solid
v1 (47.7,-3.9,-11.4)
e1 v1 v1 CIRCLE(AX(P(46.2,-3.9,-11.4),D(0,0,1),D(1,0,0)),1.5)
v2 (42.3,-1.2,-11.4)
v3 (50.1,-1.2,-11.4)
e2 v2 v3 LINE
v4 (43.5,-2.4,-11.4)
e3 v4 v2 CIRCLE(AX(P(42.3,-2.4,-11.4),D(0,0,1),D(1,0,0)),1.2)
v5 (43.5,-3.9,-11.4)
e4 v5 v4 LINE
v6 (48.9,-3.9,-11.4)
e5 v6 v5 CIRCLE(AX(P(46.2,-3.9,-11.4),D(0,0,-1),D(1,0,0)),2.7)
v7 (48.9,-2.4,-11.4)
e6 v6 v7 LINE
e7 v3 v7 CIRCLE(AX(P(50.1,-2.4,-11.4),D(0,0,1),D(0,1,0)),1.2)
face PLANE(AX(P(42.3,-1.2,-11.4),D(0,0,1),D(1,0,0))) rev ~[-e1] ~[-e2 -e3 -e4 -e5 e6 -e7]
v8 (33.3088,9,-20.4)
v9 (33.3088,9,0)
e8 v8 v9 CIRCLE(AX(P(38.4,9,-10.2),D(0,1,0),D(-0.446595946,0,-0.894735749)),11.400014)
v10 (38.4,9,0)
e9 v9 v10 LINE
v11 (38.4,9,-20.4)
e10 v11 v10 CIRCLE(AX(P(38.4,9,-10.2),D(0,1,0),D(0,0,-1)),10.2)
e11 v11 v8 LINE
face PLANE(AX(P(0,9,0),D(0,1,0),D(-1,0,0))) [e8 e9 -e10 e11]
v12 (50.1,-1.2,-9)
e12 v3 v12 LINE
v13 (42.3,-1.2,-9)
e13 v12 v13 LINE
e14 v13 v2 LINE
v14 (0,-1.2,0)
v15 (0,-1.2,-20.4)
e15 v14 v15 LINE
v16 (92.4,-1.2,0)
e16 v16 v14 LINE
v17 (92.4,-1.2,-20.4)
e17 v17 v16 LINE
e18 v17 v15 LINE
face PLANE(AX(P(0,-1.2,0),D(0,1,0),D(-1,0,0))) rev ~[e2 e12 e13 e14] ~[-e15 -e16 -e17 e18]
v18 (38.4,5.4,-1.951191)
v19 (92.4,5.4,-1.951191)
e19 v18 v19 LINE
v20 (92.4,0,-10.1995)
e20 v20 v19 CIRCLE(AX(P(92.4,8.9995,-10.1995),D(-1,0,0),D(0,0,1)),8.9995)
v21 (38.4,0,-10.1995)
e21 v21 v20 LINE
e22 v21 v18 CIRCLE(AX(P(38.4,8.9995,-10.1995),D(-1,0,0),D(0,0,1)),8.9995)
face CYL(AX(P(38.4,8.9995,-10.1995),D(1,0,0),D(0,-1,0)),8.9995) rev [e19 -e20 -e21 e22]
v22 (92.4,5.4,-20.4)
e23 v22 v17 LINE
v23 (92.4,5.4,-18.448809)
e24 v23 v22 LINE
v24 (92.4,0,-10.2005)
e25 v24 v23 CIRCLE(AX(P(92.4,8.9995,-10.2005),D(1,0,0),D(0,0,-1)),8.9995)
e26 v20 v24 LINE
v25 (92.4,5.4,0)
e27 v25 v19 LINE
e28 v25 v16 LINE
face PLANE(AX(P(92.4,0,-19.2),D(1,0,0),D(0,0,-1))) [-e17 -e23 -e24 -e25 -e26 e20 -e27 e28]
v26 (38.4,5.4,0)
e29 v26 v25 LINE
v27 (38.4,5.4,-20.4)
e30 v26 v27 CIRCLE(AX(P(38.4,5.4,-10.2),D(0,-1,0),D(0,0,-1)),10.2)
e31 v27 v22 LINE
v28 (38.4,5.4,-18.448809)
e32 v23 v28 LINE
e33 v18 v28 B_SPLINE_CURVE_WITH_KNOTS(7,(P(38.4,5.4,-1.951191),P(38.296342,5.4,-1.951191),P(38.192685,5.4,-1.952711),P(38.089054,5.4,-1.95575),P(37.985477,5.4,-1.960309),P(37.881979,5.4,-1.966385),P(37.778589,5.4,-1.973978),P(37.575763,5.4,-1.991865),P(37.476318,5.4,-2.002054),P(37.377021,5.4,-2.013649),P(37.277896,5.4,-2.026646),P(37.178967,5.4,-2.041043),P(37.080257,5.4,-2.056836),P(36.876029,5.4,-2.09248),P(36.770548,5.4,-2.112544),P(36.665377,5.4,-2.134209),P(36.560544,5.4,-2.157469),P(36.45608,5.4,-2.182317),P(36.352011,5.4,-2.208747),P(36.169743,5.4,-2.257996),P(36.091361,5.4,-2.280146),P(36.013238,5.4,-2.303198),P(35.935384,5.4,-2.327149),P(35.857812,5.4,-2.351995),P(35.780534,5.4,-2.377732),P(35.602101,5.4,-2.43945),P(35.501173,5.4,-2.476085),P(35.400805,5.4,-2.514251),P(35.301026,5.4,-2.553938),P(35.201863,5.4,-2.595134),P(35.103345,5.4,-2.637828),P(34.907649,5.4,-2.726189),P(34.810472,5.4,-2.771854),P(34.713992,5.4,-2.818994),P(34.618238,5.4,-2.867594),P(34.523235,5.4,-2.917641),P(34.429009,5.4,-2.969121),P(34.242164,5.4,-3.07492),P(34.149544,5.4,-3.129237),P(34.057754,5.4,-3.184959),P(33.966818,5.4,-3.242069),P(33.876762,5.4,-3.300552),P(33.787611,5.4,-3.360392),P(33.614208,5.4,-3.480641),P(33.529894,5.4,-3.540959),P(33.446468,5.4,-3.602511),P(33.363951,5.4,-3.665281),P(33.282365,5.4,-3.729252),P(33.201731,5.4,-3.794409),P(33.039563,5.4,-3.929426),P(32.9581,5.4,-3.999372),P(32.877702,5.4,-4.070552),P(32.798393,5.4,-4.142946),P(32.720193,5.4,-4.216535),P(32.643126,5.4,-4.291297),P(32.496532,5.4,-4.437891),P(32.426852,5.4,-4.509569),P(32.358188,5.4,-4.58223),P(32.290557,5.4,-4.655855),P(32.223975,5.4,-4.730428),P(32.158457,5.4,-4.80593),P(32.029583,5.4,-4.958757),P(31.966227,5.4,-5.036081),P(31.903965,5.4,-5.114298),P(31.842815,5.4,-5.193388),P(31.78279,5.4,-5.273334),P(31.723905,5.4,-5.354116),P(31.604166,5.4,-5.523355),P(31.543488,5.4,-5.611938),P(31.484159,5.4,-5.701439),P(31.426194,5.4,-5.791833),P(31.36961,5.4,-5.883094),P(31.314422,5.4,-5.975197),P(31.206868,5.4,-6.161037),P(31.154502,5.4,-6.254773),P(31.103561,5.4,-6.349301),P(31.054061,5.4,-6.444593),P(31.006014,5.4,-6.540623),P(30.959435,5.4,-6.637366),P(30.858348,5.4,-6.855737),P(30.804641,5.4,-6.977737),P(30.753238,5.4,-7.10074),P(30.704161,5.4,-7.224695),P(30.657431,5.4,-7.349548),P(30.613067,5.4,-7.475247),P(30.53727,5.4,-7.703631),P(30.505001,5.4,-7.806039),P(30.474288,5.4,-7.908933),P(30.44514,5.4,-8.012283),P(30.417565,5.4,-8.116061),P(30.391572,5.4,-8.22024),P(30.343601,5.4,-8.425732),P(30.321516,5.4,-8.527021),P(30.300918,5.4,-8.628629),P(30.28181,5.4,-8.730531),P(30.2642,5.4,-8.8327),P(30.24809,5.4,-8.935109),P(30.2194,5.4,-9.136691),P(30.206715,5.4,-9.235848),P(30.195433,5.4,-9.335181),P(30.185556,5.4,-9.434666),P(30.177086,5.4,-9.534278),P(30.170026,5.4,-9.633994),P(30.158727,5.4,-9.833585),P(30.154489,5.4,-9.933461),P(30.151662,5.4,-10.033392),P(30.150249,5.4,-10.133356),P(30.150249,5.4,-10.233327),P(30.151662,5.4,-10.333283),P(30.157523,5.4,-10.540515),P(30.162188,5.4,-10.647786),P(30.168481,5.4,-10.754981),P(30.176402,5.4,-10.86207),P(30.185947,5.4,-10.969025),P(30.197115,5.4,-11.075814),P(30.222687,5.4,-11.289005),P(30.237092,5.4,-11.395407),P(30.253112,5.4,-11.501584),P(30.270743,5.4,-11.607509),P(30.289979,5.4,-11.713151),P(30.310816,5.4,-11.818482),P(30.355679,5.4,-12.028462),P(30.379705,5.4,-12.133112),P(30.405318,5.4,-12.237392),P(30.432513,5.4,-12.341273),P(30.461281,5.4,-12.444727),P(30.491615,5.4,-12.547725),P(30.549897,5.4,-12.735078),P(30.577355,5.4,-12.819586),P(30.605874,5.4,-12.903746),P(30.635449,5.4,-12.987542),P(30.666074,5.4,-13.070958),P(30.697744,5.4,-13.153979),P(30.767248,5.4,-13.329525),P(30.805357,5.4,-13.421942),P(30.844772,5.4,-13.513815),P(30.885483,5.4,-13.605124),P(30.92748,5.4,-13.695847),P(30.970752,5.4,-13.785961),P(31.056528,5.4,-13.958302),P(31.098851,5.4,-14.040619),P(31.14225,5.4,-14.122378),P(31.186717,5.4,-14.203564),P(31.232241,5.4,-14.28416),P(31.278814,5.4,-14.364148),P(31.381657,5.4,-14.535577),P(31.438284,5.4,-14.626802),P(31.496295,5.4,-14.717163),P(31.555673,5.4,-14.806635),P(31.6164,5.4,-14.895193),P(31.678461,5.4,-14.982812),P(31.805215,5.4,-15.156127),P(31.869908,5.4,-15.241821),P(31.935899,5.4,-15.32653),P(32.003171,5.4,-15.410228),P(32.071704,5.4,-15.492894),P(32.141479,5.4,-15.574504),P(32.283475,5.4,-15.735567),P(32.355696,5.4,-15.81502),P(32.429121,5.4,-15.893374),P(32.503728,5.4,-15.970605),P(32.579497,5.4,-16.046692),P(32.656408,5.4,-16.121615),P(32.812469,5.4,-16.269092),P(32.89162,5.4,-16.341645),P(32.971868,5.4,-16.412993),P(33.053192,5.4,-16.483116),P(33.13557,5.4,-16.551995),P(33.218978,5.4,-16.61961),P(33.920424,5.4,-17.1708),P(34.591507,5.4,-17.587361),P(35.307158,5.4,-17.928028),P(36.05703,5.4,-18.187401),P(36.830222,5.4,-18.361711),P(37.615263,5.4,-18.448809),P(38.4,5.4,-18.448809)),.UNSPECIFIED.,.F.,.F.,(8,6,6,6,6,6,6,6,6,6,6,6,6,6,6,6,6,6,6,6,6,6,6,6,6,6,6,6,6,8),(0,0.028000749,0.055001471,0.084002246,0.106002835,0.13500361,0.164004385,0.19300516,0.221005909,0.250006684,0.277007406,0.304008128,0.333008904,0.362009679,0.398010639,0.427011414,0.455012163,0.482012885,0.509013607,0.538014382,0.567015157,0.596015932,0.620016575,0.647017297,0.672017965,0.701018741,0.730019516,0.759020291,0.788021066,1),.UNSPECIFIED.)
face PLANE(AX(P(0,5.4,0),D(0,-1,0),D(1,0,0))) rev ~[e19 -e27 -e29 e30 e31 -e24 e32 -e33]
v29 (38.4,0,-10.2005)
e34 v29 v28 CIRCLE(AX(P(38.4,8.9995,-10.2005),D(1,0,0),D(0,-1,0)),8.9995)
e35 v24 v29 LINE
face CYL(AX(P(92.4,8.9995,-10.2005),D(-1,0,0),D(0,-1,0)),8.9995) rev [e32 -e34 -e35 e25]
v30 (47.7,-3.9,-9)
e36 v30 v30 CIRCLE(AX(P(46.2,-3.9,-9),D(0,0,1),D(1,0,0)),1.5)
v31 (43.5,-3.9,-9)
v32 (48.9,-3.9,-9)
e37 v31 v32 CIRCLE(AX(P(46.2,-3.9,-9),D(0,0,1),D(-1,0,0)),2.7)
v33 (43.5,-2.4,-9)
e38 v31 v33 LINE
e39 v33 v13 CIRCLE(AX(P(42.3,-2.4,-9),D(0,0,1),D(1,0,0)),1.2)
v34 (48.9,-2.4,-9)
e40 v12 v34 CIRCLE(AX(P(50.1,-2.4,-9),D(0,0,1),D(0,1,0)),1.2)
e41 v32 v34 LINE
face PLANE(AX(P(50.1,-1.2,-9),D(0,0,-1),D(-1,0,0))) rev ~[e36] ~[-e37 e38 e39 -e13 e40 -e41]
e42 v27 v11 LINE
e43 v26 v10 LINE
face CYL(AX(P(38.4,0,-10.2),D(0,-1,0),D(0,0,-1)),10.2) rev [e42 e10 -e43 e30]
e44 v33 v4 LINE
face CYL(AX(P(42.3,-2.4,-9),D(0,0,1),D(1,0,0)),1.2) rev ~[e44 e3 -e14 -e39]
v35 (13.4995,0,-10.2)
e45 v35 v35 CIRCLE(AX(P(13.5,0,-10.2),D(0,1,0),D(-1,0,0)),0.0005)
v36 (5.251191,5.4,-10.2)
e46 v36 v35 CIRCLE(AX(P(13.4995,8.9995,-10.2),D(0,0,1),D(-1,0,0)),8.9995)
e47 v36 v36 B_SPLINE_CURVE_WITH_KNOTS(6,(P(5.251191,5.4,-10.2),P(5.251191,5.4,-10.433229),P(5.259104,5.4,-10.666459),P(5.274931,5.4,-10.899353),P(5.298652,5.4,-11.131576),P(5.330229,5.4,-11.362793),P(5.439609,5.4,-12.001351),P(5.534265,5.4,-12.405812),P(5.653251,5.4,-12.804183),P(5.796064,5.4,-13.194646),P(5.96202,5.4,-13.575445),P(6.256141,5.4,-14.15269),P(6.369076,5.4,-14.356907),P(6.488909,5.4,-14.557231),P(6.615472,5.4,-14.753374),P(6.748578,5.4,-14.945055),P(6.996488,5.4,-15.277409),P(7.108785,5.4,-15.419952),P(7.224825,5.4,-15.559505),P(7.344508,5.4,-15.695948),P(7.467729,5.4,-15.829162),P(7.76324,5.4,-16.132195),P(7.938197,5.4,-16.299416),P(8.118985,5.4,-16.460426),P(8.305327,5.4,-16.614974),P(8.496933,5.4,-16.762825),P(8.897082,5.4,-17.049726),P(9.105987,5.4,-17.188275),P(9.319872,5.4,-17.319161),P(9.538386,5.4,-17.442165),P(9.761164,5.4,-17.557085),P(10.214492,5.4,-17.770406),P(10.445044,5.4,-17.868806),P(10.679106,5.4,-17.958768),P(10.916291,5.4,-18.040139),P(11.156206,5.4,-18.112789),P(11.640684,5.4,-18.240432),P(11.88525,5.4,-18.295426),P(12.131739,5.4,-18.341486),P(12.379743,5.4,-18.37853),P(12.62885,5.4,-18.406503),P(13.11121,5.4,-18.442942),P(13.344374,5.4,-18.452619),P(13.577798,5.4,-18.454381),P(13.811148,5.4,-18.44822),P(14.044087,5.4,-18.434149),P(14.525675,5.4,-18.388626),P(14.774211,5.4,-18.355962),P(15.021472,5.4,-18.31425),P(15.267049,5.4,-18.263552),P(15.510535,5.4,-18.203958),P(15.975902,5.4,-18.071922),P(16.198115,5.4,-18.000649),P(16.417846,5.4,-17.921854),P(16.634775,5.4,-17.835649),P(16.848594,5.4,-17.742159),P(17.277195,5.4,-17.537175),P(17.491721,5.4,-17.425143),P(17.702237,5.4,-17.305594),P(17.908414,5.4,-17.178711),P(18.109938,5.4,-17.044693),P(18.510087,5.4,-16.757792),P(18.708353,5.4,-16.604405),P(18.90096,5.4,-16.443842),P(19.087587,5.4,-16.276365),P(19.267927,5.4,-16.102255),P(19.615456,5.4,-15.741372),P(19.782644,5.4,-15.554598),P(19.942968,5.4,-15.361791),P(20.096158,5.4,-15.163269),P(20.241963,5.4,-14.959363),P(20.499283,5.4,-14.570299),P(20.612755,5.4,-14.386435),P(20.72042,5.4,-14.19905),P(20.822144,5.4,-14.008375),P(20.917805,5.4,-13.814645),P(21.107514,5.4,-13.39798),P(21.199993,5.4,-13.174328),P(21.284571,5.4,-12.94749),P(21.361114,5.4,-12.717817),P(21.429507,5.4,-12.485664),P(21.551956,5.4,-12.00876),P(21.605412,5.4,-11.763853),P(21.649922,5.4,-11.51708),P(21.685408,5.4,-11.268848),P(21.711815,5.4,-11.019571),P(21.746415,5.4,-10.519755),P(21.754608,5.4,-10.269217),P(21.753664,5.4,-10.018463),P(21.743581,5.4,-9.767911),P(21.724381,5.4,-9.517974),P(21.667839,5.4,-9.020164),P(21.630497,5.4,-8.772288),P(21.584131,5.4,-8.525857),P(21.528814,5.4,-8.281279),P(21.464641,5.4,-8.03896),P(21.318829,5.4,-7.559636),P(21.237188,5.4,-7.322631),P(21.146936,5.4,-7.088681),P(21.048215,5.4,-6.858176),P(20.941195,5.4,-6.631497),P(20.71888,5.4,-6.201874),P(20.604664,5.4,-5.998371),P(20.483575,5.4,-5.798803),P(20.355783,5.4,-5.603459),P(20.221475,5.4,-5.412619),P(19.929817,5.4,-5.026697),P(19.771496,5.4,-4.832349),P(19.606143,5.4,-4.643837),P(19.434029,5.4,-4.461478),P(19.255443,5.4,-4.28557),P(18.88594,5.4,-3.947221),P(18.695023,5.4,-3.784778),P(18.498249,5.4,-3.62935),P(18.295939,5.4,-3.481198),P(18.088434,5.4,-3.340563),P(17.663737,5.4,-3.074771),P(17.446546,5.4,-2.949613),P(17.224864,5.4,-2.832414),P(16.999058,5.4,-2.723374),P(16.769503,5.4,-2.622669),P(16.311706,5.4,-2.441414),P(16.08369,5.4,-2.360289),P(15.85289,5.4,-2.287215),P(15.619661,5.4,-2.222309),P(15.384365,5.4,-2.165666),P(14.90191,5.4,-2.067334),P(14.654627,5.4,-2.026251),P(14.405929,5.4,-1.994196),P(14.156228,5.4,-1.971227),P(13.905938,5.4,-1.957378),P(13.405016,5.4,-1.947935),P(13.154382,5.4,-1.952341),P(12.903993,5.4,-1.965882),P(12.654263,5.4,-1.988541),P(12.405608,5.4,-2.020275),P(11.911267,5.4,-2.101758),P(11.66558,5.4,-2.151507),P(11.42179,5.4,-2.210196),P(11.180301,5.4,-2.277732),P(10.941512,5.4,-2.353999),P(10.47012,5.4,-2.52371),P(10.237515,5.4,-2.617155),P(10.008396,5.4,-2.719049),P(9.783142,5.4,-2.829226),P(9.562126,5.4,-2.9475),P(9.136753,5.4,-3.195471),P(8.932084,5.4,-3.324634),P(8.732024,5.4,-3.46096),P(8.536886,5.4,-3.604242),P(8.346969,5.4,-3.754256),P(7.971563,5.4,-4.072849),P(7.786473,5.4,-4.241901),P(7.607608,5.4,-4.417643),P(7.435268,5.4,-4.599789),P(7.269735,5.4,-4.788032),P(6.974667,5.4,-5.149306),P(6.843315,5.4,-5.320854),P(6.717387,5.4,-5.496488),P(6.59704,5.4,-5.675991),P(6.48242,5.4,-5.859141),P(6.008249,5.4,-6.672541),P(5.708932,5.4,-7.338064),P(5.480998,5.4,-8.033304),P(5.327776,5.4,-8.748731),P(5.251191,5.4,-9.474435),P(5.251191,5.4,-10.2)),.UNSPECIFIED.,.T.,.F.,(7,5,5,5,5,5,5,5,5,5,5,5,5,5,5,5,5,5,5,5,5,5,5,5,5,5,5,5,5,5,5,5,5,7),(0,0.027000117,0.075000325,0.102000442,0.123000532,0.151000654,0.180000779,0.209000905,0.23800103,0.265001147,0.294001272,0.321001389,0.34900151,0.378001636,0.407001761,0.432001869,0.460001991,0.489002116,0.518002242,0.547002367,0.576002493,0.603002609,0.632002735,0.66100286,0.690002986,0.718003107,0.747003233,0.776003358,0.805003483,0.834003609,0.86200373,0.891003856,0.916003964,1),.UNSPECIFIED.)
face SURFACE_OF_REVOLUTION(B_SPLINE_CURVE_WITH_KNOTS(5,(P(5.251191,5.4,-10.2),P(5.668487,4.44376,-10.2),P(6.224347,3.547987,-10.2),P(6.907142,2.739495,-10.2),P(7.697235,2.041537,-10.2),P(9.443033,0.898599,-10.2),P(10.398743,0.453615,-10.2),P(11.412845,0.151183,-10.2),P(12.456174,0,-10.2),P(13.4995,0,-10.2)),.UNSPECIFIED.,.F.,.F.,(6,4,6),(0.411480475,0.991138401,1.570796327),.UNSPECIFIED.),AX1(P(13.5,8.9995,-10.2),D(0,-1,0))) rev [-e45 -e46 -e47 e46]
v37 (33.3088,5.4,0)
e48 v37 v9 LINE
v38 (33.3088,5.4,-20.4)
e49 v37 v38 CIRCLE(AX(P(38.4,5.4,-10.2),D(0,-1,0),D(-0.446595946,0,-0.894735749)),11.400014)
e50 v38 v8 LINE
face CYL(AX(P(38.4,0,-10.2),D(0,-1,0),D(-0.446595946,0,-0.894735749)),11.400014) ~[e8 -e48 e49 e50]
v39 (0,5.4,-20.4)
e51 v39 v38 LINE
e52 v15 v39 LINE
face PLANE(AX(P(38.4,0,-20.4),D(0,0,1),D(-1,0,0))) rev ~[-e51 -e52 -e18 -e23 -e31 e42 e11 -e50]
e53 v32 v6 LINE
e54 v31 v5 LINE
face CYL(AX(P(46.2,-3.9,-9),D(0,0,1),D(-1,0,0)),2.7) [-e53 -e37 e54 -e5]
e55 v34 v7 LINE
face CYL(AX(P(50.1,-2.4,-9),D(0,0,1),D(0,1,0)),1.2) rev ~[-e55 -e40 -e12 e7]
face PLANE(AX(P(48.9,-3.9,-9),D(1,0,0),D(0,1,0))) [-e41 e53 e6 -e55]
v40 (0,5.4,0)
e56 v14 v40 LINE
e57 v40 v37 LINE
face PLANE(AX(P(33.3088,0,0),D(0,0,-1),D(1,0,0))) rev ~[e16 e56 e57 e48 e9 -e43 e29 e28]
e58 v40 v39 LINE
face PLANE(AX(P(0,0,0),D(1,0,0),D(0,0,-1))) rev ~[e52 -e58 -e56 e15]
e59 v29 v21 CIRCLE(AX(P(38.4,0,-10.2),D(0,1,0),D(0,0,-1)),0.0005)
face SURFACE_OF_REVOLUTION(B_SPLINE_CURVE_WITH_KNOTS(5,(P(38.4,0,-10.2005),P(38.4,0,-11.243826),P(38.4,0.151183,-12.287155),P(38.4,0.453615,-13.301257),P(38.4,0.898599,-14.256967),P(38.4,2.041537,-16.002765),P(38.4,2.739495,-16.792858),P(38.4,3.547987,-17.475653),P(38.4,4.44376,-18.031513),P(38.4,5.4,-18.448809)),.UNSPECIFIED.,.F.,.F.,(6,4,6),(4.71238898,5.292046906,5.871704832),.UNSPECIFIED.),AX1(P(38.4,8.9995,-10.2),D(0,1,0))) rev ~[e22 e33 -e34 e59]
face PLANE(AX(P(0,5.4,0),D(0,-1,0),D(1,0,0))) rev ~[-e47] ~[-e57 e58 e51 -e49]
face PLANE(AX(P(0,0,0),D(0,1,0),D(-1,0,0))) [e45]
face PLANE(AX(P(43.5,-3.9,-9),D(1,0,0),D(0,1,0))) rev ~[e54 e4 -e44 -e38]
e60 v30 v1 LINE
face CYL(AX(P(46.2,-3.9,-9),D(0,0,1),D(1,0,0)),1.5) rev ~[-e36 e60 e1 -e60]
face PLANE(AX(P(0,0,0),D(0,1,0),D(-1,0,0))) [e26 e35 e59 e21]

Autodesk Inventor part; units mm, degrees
ref_plane "YZ Plane" through (0, 0, 0) normal (1, 0, 0) x (0, 1, 0)
ref_plane "XZ Plane" through (0, 0, 0) normal (0, 1, 0) x (-1, 0, 0)
ref_plane "XY Plane" through (0, 0, 0) normal (0, 0, 1) x (1, 0, 0)
sketch "Esboço2" plane through (0, 0, 0) normal (0, 1, 0) x (-1, 0, 0)
  line L0 (-33.3088, 0) -> (-92.4, 0)
  line L1 (-92.4, 0) -> (-92.4, -20.4)
  line L2 (-92.4, -20.4) -> (-33.3088, -20.4)
  line L3 (-38.4, -19.2) -> (-92.4, -19.2)
  line L4 (-92.4, -1.2) -> (-38.4, -1.2)
  circle A0 centre (-38.4, -10.2) radius 9
  line L5 (-47.4, -20.4) -> (-47.4, -19.2)
  line L6 (-47.4, -1.2) -> (-47.4, 0)
  arc A1 (-33.3088, -20.4) -> (-33.3088, 0) centre (-38.4, -10.2) ccw
  arc A2 (-38.4, -20.4) -> (-38.4, 0) centre (-38.4, -10.2) ccw
  line L7 (-33.3088, 0) -> (0, 0)
  line L8 (0, 0) -> (0, -20.4)
  line L9 (0, -20.4) -> (-33.3088, -20.4)
  circle A3 centre (-13.5, -10.2) radius 9
  point P0 (0, -10.2)
  point P1 (-33.3088, -20.4)
  dimension "d6" = 20.4
  dimension "d8" = 1.2
  dimension "d11" = 1.2
  dimension "d25" = 18
  dimension "d44" = 1.2
  dimension "d45" = 1.2
  dimension "d46" = 54
  dimension "d47" = 27
  dimension "d48" = 18
  dimension "d49" = 13.5
extrude "Extrusão1" add sketch "Esboço2" against normal blind 1.2 contours A1 L2 A2 L0 | L7 L8 L9 A1 | A2 L2 L5 L3 A0 L4 L6 L0 | L6 L4 L1 L0 | L4 A0 L3 L1 | L2 L1 L3 L5 | A0 | A3
extrude "Extrusão2" add sketch "Esboço2" along normal blind 9 contours L7 L8 L9 A1 | A2 L2 L5 L3 A0 L4 L6 L0 | L6 L4 L1 L0 | L2 L1 L3 L5
fillet "Arredondamento6" radius 9 4 edges at (65.4, 0, -1.2) (65.4, 0, -19.2) (29.4, 0, -10.2) (22.5, 0, -10.2)
sketch "Esboço6" plane through (0, -1.2, 0) normal (0, 0, 1) x (1, 0, 0)
  line L0 (92.4, 10.2) -> (0, 10.2)
  line L1 (0, 10.2) -> (0, 6.6)
  line L2 (0, 6.6) -> (92.4, 6.6)
  line L3 (92.4, 6.6) -> (92.4, 10.2)
  line L4 (92.4, 1.2) -> (92.4, 10.2) projected
  line L5 (0, 10.2) -> (0, 0) projected
  line L6 (38.4, 10.2) -> (92.4, 10.2) projected
  line L7 (38.4, 1.2) -> (92.4, 1.2) projected
  point P0 (0, 1.2)
  point P1 (92.4, 8.4)
  point P2 (92.4, 5.7)
  point P3 (0, 8.4)
  point P4 (0, 5.1)
  point P5 (46.2, 10.2)
  point P6 (65.4, 10.2)
  dimension "d50" = 5.4
extrude "Extrusão8" cut sketch "Esboço6" against normal up to surface (20.4 mm away)
extrude "Extrusão9" add sketch "Esboço2" along normal blind 9 contours A1 L2 A2 L0
sketch "Esboço7" plane through (0, -1.2, 0) normal (0, -1, 0) x (1, 0, 0)
  line L0 (42.3, -11.4) -> (50.1, -11.4)
  line L1 (50.1, -11.4) -> (50.1, -9)
  line L2 (50.1, -9) -> (42.3, -9)
  line L3 (42.3, -9) -> (42.3, -11.4)
  line L4 (0, 0) -> (0, -20.4) projected
  arc A0 (38.4, 0) -> (38.4, -20.4) centre (38.4, -10.2) ccw projected
  line L5 (92.4, -20.4) -> (92.4, 0) projected
  point P0 (42.3, -10.2)
  point P1 (0, -10.2)
  point P2 (46.2, -9)
  point P3 (28.2, -10.2)
  dimension "d56" = 7.8
  dimension "d57" = 2.4
  dimension "d76" = 42.3
  dimension "d77" = 42.3
extrude "Extrusão10" add sketch "Esboço7" along normal blind 5.4
sketch "Esboço8" plane through (42.3, -1.2, -9) normal (0, 0, 1) x (1, 0, 0)
  circle A0 centre (3.9, -2.7) radius 1.5
  line L0 (50.1, 0) -> (-42.3, 0) projected
  line L1 (7.8, 0) -> (7.8, -5.4)
  line L2 (0, 0) -> (0, -5.4)
  line L3 (7.8, -5.4) -> (0, -5.4) projected
  line L4 (7.8, -5.4) -> (0, -5.4)
  arc A1 (1.2, -2.7) -> (6.6, -2.7) centre (3.9, -2.7) ccw
  line L5 (1.2, -2.7) -> (1.2, -1.2)
  line L6 (6.6, -2.7) -> (6.6, -1.2)
  line L7 (0, 0) -> (0, 0)
  line L8 (7.8, 0) -> (7.8, 0)
  arc A2 (1.2, -1.2) -> (0, 0) centre (0, -1.2) ccw
  arc A3 (7.8, 0) -> (6.6, -1.2) centre (7.8, -1.2) ccw
  line L9 (0, 0) -> (7.8, 0) projected
  point P0 (-42.3, 1.2)
  point P1 (3.9, 0)
  point P2 (1.2, 0)
  point P3 (6.6, 0)
  point P4 (1.2, 0)
  point P5 (6.6, 0)
  point P6 (3.9, -5.4)
  point P7 (3.9, 0)
  dimension "d60" = 3
  dimension "d61" = 2.7
  dimension "d63" = 1.2
  dimension "d64" = 1.2
extrude "Extrusão11" cut sketch "Esboço8" against normal up to surface (2.4 mm away) contours A0 | L1 L3 A1 L6 A3 | A2 L5 A1 L3 L2
equation "\"d6\" = Diâmetro_esfera + 2 * Margem"
equation "\"d8\" = Margem"
equation "\"d11\" = Margem"
equation "\"d25\" = Diâmetro_esfera"
equation "\"d44\" = Margem"
equation "\"d45\" = Margem"
equation "\"d46\" = 3 * Diâmetro_esfera"
equation "\"d48\" = Diâmetro_esfera"
equation "\"d49\" = 0.5 * d47"
equation "\"d13\" = Margem"
equation "\"d15\" = 0.5 * Diâmetro_esfera"
equation "\"d55\" = 0.5 * Diâmetro_esfera"
equation "\"d50\" = 0.3 * Diâmetro_esfera"
equation "\"d53\" = 0.5 * Diâmetro_esfera"
equation "\"d56\" = Parafuso + 4 * Margem"
equation "\"d57\" = 2 * Margem"
equation "\"d58\" = Parafuso + 2 * Margem"
equation "\"d60\" = Parafuso"
equation "\"d61\" = 0.5 * Parafuso + Margem"
equation "\"d63\" = Margem"
equation "\"Diâmetro_esfera\" = 18"
equation "\"Margem\" = 3 * Filamento"
equation "\"Filamento\" = 0.4"
equation "\"Parafuso\" = 3"
equation "\"d42\" = Margem"
equation "\"d43\" = Margem"
equation "\"Tamanho_receptor\" = 37.257"
properties part number "Trilho 60 minutos  - 12 horas" material "Plástico PET"
